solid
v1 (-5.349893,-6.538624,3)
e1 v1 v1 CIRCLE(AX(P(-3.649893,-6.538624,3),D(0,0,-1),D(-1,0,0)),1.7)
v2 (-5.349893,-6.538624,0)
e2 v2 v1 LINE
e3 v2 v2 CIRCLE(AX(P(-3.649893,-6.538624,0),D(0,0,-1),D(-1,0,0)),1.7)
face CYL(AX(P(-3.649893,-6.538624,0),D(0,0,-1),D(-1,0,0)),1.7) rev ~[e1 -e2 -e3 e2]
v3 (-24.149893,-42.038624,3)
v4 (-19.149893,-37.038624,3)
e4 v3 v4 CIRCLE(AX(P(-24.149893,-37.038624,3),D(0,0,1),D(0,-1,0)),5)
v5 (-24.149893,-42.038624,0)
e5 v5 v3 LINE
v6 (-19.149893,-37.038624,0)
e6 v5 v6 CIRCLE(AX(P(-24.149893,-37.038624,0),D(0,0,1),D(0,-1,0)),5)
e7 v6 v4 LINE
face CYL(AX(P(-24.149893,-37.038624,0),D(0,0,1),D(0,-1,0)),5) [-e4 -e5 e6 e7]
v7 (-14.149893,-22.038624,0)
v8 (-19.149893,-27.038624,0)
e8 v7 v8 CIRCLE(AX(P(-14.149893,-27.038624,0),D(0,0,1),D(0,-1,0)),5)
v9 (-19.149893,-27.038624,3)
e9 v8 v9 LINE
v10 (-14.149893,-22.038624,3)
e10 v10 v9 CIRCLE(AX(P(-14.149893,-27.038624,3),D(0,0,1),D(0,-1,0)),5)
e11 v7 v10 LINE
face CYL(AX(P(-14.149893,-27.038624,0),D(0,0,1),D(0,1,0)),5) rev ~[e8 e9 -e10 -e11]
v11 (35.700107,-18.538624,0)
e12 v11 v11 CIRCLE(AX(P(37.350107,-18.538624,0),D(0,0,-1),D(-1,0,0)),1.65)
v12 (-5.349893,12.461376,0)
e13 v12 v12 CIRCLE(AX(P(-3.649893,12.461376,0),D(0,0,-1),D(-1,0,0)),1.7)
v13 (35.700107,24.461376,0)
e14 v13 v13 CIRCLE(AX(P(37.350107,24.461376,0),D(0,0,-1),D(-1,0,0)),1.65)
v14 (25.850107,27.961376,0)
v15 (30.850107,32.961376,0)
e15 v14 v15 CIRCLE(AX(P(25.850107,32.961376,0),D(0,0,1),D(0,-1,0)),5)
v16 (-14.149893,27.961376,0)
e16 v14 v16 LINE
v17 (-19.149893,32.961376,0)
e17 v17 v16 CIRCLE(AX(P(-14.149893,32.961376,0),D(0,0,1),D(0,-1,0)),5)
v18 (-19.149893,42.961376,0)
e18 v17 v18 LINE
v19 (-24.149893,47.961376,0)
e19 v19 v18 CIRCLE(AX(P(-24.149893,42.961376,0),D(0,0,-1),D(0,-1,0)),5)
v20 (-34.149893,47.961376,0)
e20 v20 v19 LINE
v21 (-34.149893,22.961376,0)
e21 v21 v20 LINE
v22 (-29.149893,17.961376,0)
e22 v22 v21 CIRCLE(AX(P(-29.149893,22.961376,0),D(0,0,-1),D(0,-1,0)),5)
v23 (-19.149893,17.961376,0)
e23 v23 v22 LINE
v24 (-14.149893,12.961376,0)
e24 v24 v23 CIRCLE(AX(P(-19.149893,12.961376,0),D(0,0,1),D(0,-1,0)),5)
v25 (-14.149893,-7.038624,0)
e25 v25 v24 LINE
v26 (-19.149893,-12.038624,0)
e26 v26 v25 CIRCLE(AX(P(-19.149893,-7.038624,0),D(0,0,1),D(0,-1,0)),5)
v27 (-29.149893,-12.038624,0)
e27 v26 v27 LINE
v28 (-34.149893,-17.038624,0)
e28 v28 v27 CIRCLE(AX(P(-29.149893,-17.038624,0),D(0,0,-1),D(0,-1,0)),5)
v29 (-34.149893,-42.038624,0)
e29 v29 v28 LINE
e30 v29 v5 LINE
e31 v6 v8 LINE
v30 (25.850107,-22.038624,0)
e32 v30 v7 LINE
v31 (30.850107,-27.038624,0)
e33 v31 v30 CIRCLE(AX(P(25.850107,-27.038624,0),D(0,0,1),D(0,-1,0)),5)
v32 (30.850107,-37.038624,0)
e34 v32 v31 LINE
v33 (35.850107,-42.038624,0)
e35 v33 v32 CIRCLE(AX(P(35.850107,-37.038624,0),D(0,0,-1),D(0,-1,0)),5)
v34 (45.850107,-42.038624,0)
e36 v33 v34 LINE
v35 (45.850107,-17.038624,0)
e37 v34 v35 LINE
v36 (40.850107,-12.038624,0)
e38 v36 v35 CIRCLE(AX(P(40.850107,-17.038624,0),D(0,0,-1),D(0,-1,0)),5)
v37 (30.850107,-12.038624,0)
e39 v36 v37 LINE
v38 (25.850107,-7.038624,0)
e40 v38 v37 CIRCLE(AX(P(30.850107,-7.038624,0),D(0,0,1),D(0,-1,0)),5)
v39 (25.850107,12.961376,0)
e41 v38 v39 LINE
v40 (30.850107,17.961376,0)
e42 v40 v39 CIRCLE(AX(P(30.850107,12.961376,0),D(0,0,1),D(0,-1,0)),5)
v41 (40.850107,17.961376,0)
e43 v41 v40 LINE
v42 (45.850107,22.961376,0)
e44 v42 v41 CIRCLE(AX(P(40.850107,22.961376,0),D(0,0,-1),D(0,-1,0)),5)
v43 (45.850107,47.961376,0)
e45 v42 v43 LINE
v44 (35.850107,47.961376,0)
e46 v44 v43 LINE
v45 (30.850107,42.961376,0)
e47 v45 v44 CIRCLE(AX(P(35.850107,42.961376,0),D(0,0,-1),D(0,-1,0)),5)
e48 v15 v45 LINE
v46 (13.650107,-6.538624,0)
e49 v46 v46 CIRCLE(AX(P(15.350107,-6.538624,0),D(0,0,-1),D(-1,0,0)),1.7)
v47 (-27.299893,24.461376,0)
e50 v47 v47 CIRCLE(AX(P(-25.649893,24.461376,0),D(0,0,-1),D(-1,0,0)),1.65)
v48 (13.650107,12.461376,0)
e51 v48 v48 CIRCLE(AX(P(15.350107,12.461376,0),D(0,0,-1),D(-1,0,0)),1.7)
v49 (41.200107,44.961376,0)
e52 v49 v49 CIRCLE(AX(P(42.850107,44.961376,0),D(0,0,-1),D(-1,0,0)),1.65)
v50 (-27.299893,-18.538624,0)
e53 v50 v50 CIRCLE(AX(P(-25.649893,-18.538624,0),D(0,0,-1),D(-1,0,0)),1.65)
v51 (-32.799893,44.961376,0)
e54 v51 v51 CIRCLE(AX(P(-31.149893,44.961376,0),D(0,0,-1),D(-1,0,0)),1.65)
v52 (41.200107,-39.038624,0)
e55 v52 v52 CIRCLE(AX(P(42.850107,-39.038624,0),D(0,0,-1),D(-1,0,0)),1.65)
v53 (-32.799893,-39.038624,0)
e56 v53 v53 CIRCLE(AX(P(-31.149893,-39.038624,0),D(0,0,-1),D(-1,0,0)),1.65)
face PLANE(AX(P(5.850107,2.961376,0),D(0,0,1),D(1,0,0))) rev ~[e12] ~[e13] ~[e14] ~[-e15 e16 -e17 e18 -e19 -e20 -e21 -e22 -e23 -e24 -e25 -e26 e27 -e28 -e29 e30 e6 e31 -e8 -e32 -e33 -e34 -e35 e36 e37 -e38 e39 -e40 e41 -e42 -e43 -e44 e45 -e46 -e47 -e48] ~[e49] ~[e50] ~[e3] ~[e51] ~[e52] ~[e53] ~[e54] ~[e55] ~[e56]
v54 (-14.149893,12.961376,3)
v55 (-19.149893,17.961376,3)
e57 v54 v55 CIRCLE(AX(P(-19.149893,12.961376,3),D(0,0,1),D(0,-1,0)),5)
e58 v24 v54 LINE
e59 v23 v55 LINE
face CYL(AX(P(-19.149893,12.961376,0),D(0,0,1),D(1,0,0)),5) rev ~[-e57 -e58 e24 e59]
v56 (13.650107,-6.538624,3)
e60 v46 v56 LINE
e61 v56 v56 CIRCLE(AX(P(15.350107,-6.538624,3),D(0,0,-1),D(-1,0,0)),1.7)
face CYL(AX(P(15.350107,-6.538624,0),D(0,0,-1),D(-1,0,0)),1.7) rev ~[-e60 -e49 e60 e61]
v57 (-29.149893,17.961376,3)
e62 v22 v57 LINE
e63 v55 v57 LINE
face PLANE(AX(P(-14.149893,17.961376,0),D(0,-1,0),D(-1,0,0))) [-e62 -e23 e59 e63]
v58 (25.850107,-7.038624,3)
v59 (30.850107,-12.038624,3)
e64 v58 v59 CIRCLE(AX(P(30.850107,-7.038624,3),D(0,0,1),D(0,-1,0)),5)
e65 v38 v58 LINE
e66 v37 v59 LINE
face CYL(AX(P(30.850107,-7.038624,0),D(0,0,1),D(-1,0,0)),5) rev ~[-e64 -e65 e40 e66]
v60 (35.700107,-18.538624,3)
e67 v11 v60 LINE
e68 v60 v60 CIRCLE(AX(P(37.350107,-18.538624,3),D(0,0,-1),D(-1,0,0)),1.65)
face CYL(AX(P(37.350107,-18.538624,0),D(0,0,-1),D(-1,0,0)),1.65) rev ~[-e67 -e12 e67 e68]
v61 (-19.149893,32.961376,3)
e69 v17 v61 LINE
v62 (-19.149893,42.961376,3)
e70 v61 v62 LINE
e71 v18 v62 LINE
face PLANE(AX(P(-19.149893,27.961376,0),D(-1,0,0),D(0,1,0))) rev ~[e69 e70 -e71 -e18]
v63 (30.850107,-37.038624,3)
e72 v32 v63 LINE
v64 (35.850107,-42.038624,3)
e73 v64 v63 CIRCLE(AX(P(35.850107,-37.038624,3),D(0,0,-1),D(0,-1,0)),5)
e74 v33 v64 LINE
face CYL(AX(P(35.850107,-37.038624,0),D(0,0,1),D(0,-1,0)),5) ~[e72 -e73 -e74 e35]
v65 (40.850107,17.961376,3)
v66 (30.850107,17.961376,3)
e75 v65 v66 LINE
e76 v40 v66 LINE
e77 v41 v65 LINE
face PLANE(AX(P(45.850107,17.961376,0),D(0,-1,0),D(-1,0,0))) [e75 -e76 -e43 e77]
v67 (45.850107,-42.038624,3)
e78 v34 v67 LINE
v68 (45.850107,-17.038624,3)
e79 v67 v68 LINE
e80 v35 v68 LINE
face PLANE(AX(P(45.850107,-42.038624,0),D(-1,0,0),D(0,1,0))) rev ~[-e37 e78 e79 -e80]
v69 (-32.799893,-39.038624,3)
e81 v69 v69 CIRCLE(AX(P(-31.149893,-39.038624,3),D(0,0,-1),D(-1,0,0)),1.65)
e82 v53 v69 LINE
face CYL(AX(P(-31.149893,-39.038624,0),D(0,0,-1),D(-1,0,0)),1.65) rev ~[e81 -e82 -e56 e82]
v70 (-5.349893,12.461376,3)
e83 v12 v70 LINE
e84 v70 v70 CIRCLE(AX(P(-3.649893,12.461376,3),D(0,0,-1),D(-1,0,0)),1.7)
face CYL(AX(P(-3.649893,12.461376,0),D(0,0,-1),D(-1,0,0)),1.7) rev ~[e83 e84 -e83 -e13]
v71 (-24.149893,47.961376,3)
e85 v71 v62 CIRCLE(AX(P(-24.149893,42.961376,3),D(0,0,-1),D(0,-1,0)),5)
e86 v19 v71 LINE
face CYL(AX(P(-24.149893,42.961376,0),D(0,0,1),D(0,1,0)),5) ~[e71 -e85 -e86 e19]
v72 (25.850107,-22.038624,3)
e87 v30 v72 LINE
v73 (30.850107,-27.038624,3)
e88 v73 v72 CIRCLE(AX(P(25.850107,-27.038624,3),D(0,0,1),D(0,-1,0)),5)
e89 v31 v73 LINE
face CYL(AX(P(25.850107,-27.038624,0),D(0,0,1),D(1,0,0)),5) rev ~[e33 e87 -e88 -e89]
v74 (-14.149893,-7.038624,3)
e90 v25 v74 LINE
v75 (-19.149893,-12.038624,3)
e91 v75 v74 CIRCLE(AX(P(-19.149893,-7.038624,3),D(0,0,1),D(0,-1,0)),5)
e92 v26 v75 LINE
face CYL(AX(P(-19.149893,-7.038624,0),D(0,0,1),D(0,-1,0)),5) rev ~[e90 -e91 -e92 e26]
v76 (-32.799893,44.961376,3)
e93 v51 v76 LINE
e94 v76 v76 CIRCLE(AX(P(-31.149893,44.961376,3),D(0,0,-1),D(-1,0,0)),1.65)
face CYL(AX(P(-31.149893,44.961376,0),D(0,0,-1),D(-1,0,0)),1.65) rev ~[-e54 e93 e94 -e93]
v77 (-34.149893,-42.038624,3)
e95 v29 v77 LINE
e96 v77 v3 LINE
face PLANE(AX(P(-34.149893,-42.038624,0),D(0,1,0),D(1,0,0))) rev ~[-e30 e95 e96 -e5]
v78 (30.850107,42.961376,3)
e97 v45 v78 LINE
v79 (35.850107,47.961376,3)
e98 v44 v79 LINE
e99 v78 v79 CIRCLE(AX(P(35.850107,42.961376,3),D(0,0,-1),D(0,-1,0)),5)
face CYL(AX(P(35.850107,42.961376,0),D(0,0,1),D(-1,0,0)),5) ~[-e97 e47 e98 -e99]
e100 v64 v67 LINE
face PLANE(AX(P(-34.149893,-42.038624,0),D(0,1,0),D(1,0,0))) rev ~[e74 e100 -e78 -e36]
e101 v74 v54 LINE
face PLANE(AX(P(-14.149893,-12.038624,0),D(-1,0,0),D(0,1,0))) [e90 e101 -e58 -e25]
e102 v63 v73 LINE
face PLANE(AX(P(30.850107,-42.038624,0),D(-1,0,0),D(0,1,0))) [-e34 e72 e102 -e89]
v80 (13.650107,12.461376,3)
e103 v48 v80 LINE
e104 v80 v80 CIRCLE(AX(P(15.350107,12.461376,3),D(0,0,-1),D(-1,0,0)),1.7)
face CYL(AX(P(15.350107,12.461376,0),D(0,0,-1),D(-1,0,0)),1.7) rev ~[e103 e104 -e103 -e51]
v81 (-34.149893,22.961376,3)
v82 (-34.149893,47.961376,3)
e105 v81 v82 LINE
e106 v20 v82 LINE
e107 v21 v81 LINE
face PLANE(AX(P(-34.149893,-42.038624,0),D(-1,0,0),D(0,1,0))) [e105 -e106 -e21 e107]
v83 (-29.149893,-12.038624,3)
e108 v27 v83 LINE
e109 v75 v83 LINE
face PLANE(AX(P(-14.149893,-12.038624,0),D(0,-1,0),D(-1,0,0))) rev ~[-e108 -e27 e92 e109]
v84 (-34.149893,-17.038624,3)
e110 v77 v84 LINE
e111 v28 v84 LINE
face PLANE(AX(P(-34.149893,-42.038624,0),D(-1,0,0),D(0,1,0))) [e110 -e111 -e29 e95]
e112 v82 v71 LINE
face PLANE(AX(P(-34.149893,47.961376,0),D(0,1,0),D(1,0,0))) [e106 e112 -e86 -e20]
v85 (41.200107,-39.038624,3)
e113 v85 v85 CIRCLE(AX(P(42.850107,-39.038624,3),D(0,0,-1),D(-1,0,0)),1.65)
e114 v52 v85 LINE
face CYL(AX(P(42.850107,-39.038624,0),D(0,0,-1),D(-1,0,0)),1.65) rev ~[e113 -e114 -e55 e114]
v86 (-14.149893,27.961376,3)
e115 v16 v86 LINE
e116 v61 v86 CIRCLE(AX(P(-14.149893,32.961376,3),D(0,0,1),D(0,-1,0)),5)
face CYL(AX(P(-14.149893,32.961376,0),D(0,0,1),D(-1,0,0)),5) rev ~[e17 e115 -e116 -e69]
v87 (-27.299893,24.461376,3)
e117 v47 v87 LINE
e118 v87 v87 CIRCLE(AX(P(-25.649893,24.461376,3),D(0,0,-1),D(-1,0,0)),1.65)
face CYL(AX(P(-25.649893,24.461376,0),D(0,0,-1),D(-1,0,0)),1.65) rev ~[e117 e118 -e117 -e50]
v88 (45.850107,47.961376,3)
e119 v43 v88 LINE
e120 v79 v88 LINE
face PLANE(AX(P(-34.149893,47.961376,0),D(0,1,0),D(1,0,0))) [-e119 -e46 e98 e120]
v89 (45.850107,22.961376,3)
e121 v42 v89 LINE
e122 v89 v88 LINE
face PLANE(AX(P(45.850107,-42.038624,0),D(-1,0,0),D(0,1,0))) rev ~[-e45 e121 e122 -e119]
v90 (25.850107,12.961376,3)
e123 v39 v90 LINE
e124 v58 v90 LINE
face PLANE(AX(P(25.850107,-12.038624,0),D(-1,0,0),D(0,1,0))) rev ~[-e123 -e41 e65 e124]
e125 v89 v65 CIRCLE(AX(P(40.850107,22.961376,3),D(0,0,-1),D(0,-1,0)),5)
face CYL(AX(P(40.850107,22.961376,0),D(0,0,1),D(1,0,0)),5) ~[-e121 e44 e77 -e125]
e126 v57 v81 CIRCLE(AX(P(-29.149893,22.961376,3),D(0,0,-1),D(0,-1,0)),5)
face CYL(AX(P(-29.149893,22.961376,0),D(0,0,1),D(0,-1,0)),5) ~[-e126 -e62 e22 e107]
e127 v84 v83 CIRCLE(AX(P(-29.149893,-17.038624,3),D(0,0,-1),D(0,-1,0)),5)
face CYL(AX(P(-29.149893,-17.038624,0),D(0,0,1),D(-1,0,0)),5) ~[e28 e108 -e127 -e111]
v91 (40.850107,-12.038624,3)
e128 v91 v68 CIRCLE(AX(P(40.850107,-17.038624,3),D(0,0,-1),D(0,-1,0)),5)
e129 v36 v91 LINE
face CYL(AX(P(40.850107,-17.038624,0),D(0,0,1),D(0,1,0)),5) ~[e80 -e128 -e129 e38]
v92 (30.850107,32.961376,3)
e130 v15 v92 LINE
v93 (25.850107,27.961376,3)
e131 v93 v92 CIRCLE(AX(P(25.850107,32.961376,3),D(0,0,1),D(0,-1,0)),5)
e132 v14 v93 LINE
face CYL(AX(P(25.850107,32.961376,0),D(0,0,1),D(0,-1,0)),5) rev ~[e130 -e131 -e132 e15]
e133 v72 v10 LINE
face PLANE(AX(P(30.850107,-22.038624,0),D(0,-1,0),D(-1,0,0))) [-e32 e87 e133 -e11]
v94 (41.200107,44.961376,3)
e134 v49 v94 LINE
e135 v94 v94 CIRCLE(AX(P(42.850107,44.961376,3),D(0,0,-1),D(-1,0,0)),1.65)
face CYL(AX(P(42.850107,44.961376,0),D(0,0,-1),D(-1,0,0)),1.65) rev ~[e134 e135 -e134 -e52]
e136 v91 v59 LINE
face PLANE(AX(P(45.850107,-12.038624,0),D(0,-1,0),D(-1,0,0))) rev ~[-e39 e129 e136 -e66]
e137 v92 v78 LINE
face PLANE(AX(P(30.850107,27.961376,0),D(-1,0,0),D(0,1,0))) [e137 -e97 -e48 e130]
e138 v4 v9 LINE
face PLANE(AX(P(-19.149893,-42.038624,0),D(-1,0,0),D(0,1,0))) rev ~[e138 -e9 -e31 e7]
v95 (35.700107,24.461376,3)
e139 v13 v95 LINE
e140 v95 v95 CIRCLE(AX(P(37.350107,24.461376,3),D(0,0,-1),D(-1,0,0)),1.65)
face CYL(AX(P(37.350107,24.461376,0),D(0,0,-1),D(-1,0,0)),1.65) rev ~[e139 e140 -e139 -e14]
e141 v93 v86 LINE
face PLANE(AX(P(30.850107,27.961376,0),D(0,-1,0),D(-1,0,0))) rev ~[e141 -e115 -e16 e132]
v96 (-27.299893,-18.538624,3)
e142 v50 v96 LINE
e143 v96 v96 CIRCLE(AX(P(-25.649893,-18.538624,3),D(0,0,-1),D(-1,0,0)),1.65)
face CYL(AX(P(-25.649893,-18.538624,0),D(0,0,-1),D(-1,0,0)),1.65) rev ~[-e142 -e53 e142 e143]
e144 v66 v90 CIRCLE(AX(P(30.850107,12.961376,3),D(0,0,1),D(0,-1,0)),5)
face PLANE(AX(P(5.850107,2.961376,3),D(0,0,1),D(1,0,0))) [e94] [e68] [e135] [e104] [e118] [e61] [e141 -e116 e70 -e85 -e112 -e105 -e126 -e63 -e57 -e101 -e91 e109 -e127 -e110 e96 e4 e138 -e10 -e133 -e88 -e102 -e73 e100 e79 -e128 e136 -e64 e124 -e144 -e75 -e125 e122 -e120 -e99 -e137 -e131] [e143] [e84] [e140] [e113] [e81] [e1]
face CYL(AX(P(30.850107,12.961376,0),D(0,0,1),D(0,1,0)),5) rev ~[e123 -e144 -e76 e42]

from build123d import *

# Parameters (mm, degrees)
SKETCH_1_W          = 80
SKETCH_1_H          = 90
EXTRUDE_1_DEPTH     = 3
SKETCH_2_R          = 1.65
CUT_EXTRUDE_1_DEPTH = 3
CUT_EXTRUDE_2_REACH = 5
SKETCH_3_R          = 1.65
SKETCH_3_W          = 50
SKETCH_3_H          = 20
SKETCH_3_W_2        = 20
SKETCH_3_H_2        = 30
FILLET_1_R          = 5
CUT_EXTRUDE_3_REACH = 5
SKETCH_4_R          = 1.7


with BuildPart() as part:
    # 草图1 → 凸台-拉伸1 (new body)
    with BuildSketch(Plane.XY):
        with Locations((5.850106622, 2.961375961)):
            Rectangle(SKETCH_1_W, SKETCH_1_H)
    extrude(amount=EXTRUDE_1_DEPTH)

    # 草图2 → 切除-拉伸1 (cut)
    with BuildSketch(Plane(origin=(0, 0, 0), x_dir=(-1, 0, 0), z_dir=(0, 0, -1))):
        with Locations((31.149893378, -39.038624039)):
            Circle(SKETCH_2_R)
        with Locations((-42.850106622, -39.038624039)):
            Circle(SKETCH_2_R)
        with Locations((31.149893378, 44.961375961)):
            Circle(SKETCH_2_R)
        with Locations((-42.850106622, 44.961375961)):
            Circle(SKETCH_2_R)
    extrude(amount=-CUT_EXTRUDE_1_DEPTH, mode=Mode.SUBTRACT)

    # 草图3 → 切除-拉伸2 (cut, up to next)
    with BuildSketch(Plane(origin=(0, 0, 0), x_dir=(-1, 0, 0), z_dir=(0, 0, -1)), mode=Mode.PRIVATE) as cut_extrude_2_sk1:
        with Locations((-37.350106622, 24.461375961)):
            Circle(SKETCH_3_R)
    cut_extrude_2_tool1 = extrude(cut_extrude_2_sk1.sketch, amount=-CUT_EXTRUDE_2_REACH, mode=Mode.PRIVATE) & part.part
    add(cut_extrude_2_tool1.solids().sort_by_distance((37.350107, 24.461376, 0))[0], mode=Mode.SUBTRACT)
    # 草图3 → 切除-拉伸2 (cut, up to next)
    with BuildSketch(Plane(origin=(0, 0, 0), x_dir=(-1, 0, 0), z_dir=(0, 0, -1)), mode=Mode.PRIVATE) as cut_extrude_2_sk2:
        with Locations((25.649893378, 24.461375961)):
            Circle(SKETCH_3_R)
    cut_extrude_2_tool2 = extrude(cut_extrude_2_sk2.sketch, amount=-CUT_EXTRUDE_2_REACH, mode=Mode.PRIVATE) & part.part
    add(cut_extrude_2_tool2.solids().sort_by_distance((-25.649893, 24.461376, 0))[0], mode=Mode.SUBTRACT)
    # 草图3 → 切除-拉伸2 (cut, up to next)
    with BuildSketch(Plane(origin=(0, 0, 0), x_dir=(-1, 0, 0), z_dir=(0, 0, -1)), mode=Mode.PRIVATE) as cut_extrude_2_sk3:
        with Locations((25.649893378, -18.538624039)):
            Circle(SKETCH_3_R)
    cut_extrude_2_tool3 = extrude(cut_extrude_2_sk3.sketch, amount=-CUT_EXTRUDE_2_REACH, mode=Mode.PRIVATE) & part.part
    add(cut_extrude_2_tool3.solids().sort_by_distance((-25.649893, -18.538624, 0))[0], mode=Mode.SUBTRACT)
    # 草图3 → 切除-拉伸2 (cut, up to next)
    with BuildSketch(Plane(origin=(0, 0, 0), x_dir=(-1, 0, 0), z_dir=(0, 0, -1)), mode=Mode.PRIVATE) as cut_extrude_2_sk4:
        with Locations((-37.350106622, -18.538624039)):
            Circle(SKETCH_3_R)
    cut_extrude_2_tool4 = extrude(cut_extrude_2_sk4.sketch, amount=-CUT_EXTRUDE_2_REACH, mode=Mode.PRIVATE) & part.part
    add(cut_extrude_2_tool4.solids().sort_by_distance((37.350107, -18.538624, 0))[0], mode=Mode.SUBTRACT)
    # 草图3 → 切除-拉伸2 (cut, up to next)
    with BuildSketch(Plane(origin=(0, 0, 0), x_dir=(-1, 0, 0), z_dir=(0, 0, -1)), mode=Mode.PRIVATE) as cut_extrude_2_sk5:
        with Locations((-5.850106622, 37.961375961)):
            Rectangle(SKETCH_3_W, SKETCH_3_H)
    cut_extrude_2_tool5 = extrude(cut_extrude_2_sk5.sketch, amount=-CUT_EXTRUDE_2_REACH, mode=Mode.PRIVATE) & part.part
    add(cut_extrude_2_tool5.solids().sort_by_distance((5.850107, 37.961376, 0))[0], mode=Mode.SUBTRACT)
    # 草图3 → 切除-拉伸2 (cut, up to next)
    with BuildSketch(Plane(origin=(0, 0, 0), x_dir=(-1, 0, 0), z_dir=(0, 0, -1)), mode=Mode.PRIVATE) as cut_extrude_2_sk6:
        with Locations((-5.850106622, -32.038624039)):
            Rectangle(SKETCH_3_W, SKETCH_3_H)
    cut_extrude_2_tool6 = extrude(cut_extrude_2_sk6.sketch, amount=-CUT_EXTRUDE_2_REACH, mode=Mode.PRIVATE) & part.part
    add(cut_extrude_2_tool6.solids().sort_by_distance((5.850107, -32.038624, 0))[0], mode=Mode.SUBTRACT)
    # 草图3 → 切除-拉伸2 (cut, up to next)
    with BuildSketch(Plane(origin=(0, 0, 0), x_dir=(-1, 0, 0), z_dir=(0, 0, -1)), mode=Mode.PRIVATE) as cut_extrude_2_sk7:
        with Locations((24.149893378, 2.961375961)):
            Rectangle(SKETCH_3_W_2, SKETCH_3_H_2)
    cut_extrude_2_tool7 = extrude(cut_extrude_2_sk7.sketch, amount=-CUT_EXTRUDE_2_REACH, mode=Mode.PRIVATE) & part.part
    add(cut_extrude_2_tool7.solids().sort_by_distance((-24.149893, 2.961376, 0))[0], mode=Mode.SUBTRACT)
    # 草图3 → 切除-拉伸2 (cut, up to next)
    with BuildSketch(Plane(origin=(0, 0, 0), x_dir=(-1, 0, 0), z_dir=(0, 0, -1)), mode=Mode.PRIVATE) as cut_extrude_2_sk8:
        with Locations((-35.850106622, 2.961375961)):
            Rectangle(SKETCH_3_W_2, SKETCH_3_H_2)
    cut_extrude_2_tool8 = extrude(cut_extrude_2_sk8.sketch, amount=-CUT_EXTRUDE_2_REACH, mode=Mode.PRIVATE) & part.part
    add(cut_extrude_2_tool8.solids().sort_by_distance((35.850107, 2.961376, 0))[0], mode=Mode.SUBTRACT)

    # 圆角1
    fillet_1_edges = [part.edges().sort_by_distance(p)[0] for p in [
        (30.850106622, 47.961375961, 1.5),
        (-19.149893378, 47.961375961, 1.5),
        (-19.149893378, 27.961375961, 1.5),
        (30.850106622, 27.961375961, 1.5),
        (45.850106622, -12.038624039, 1.5),
        (45.850106622, 17.961375961, 1.5),
        (25.850106622, 17.961375961, 1.5),
        (25.850106622, -12.038624039, 1.5),
        (-14.149893378, 17.961375961, 1.5),
        (-34.149893378, 17.961375961, 1.5),
        (-34.149893378, -12.038624039, 1.5),
        (-14.149893378, -12.038624039, 1.5),
        (30.850106622, -22.038624039, 1.5),
        (-19.149893378, -22.038624039, 1.5),
        (-19.149893378, -42.038624039, 1.5),
        (30.850106622, -42.038624039, 1.5),
    ]]
    fillet(fillet_1_edges, radius=FILLET_1_R)

    # 草图4 → 切除-拉伸3 (cut, up to next)
    with BuildSketch(Plane(origin=(0, 0, 0), x_dir=(-1, 0, 0), z_dir=(0, 0, -1)), mode=Mode.PRIVATE) as cut_extrude_3_sk1:
        with Locations((3.649893378, 12.461375961)):
            Circle(SKETCH_4_R)
    cut_extrude_3_tool1 = extrude(cut_extrude_3_sk1.sketch, amount=-CUT_EXTRUDE_3_REACH, mode=Mode.PRIVATE) & part.part
    add(cut_extrude_3_tool1.solids().sort_by_distance((-3.649893, 12.461376, 0))[0], mode=Mode.SUBTRACT)
    # 草图4 → 切除-拉伸3 (cut, up to next)
    with BuildSketch(Plane(origin=(0, 0, 0), x_dir=(-1, 0, 0), z_dir=(0, 0, -1)), mode=Mode.PRIVATE) as cut_extrude_3_sk2:
        with Locations((3.649893378, -6.538624039)):
            Circle(SKETCH_4_R)
    cut_extrude_3_tool2 = extrude(cut_extrude_3_sk2.sketch, amount=-CUT_EXTRUDE_3_REACH, mode=Mode.PRIVATE) & part.part
    add(cut_extrude_3_tool2.solids().sort_by_distance((-3.649893, -6.538624, 0))[0], mode=Mode.SUBTRACT)
    # 草图4 → 切除-拉伸3 (cut, up to next)
    with BuildSketch(Plane(origin=(0, 0, 0), x_dir=(-1, 0, 0), z_dir=(0, 0, -1)), mode=Mode.PRIVATE) as cut_extrude_3_sk3:
        with Locations((-15.350106622, -6.538624039)):
            Circle(SKETCH_4_R)
    cut_extrude_3_tool3 = extrude(cut_extrude_3_sk3.sketch, amount=-CUT_EXTRUDE_3_REACH, mode=Mode.PRIVATE) & part.part
    add(cut_extrude_3_tool3.solids().sort_by_distance((15.350107, -6.538624, 0))[0], mode=Mode.SUBTRACT)
    # 草图4 → 切除-拉伸3 (cut, up to next)
    with BuildSketch(Plane(origin=(0, 0, 0), x_dir=(-1, 0, 0), z_dir=(0, 0, -1)), mode=Mode.PRIVATE) as cut_extrude_3_sk4:
        with Locations((-15.350106622, 12.461375961)):
            Circle(SKETCH_4_R)
    cut_extrude_3_tool4 = extrude(cut_extrude_3_sk4.sketch, amount=-CUT_EXTRUDE_3_REACH, mode=Mode.PRIVATE) & part.part
    add(cut_extrude_3_tool4.solids().sort_by_distance((15.350107, 12.461376, 0))[0], mode=Mode.SUBTRACT)


solid = part.part
